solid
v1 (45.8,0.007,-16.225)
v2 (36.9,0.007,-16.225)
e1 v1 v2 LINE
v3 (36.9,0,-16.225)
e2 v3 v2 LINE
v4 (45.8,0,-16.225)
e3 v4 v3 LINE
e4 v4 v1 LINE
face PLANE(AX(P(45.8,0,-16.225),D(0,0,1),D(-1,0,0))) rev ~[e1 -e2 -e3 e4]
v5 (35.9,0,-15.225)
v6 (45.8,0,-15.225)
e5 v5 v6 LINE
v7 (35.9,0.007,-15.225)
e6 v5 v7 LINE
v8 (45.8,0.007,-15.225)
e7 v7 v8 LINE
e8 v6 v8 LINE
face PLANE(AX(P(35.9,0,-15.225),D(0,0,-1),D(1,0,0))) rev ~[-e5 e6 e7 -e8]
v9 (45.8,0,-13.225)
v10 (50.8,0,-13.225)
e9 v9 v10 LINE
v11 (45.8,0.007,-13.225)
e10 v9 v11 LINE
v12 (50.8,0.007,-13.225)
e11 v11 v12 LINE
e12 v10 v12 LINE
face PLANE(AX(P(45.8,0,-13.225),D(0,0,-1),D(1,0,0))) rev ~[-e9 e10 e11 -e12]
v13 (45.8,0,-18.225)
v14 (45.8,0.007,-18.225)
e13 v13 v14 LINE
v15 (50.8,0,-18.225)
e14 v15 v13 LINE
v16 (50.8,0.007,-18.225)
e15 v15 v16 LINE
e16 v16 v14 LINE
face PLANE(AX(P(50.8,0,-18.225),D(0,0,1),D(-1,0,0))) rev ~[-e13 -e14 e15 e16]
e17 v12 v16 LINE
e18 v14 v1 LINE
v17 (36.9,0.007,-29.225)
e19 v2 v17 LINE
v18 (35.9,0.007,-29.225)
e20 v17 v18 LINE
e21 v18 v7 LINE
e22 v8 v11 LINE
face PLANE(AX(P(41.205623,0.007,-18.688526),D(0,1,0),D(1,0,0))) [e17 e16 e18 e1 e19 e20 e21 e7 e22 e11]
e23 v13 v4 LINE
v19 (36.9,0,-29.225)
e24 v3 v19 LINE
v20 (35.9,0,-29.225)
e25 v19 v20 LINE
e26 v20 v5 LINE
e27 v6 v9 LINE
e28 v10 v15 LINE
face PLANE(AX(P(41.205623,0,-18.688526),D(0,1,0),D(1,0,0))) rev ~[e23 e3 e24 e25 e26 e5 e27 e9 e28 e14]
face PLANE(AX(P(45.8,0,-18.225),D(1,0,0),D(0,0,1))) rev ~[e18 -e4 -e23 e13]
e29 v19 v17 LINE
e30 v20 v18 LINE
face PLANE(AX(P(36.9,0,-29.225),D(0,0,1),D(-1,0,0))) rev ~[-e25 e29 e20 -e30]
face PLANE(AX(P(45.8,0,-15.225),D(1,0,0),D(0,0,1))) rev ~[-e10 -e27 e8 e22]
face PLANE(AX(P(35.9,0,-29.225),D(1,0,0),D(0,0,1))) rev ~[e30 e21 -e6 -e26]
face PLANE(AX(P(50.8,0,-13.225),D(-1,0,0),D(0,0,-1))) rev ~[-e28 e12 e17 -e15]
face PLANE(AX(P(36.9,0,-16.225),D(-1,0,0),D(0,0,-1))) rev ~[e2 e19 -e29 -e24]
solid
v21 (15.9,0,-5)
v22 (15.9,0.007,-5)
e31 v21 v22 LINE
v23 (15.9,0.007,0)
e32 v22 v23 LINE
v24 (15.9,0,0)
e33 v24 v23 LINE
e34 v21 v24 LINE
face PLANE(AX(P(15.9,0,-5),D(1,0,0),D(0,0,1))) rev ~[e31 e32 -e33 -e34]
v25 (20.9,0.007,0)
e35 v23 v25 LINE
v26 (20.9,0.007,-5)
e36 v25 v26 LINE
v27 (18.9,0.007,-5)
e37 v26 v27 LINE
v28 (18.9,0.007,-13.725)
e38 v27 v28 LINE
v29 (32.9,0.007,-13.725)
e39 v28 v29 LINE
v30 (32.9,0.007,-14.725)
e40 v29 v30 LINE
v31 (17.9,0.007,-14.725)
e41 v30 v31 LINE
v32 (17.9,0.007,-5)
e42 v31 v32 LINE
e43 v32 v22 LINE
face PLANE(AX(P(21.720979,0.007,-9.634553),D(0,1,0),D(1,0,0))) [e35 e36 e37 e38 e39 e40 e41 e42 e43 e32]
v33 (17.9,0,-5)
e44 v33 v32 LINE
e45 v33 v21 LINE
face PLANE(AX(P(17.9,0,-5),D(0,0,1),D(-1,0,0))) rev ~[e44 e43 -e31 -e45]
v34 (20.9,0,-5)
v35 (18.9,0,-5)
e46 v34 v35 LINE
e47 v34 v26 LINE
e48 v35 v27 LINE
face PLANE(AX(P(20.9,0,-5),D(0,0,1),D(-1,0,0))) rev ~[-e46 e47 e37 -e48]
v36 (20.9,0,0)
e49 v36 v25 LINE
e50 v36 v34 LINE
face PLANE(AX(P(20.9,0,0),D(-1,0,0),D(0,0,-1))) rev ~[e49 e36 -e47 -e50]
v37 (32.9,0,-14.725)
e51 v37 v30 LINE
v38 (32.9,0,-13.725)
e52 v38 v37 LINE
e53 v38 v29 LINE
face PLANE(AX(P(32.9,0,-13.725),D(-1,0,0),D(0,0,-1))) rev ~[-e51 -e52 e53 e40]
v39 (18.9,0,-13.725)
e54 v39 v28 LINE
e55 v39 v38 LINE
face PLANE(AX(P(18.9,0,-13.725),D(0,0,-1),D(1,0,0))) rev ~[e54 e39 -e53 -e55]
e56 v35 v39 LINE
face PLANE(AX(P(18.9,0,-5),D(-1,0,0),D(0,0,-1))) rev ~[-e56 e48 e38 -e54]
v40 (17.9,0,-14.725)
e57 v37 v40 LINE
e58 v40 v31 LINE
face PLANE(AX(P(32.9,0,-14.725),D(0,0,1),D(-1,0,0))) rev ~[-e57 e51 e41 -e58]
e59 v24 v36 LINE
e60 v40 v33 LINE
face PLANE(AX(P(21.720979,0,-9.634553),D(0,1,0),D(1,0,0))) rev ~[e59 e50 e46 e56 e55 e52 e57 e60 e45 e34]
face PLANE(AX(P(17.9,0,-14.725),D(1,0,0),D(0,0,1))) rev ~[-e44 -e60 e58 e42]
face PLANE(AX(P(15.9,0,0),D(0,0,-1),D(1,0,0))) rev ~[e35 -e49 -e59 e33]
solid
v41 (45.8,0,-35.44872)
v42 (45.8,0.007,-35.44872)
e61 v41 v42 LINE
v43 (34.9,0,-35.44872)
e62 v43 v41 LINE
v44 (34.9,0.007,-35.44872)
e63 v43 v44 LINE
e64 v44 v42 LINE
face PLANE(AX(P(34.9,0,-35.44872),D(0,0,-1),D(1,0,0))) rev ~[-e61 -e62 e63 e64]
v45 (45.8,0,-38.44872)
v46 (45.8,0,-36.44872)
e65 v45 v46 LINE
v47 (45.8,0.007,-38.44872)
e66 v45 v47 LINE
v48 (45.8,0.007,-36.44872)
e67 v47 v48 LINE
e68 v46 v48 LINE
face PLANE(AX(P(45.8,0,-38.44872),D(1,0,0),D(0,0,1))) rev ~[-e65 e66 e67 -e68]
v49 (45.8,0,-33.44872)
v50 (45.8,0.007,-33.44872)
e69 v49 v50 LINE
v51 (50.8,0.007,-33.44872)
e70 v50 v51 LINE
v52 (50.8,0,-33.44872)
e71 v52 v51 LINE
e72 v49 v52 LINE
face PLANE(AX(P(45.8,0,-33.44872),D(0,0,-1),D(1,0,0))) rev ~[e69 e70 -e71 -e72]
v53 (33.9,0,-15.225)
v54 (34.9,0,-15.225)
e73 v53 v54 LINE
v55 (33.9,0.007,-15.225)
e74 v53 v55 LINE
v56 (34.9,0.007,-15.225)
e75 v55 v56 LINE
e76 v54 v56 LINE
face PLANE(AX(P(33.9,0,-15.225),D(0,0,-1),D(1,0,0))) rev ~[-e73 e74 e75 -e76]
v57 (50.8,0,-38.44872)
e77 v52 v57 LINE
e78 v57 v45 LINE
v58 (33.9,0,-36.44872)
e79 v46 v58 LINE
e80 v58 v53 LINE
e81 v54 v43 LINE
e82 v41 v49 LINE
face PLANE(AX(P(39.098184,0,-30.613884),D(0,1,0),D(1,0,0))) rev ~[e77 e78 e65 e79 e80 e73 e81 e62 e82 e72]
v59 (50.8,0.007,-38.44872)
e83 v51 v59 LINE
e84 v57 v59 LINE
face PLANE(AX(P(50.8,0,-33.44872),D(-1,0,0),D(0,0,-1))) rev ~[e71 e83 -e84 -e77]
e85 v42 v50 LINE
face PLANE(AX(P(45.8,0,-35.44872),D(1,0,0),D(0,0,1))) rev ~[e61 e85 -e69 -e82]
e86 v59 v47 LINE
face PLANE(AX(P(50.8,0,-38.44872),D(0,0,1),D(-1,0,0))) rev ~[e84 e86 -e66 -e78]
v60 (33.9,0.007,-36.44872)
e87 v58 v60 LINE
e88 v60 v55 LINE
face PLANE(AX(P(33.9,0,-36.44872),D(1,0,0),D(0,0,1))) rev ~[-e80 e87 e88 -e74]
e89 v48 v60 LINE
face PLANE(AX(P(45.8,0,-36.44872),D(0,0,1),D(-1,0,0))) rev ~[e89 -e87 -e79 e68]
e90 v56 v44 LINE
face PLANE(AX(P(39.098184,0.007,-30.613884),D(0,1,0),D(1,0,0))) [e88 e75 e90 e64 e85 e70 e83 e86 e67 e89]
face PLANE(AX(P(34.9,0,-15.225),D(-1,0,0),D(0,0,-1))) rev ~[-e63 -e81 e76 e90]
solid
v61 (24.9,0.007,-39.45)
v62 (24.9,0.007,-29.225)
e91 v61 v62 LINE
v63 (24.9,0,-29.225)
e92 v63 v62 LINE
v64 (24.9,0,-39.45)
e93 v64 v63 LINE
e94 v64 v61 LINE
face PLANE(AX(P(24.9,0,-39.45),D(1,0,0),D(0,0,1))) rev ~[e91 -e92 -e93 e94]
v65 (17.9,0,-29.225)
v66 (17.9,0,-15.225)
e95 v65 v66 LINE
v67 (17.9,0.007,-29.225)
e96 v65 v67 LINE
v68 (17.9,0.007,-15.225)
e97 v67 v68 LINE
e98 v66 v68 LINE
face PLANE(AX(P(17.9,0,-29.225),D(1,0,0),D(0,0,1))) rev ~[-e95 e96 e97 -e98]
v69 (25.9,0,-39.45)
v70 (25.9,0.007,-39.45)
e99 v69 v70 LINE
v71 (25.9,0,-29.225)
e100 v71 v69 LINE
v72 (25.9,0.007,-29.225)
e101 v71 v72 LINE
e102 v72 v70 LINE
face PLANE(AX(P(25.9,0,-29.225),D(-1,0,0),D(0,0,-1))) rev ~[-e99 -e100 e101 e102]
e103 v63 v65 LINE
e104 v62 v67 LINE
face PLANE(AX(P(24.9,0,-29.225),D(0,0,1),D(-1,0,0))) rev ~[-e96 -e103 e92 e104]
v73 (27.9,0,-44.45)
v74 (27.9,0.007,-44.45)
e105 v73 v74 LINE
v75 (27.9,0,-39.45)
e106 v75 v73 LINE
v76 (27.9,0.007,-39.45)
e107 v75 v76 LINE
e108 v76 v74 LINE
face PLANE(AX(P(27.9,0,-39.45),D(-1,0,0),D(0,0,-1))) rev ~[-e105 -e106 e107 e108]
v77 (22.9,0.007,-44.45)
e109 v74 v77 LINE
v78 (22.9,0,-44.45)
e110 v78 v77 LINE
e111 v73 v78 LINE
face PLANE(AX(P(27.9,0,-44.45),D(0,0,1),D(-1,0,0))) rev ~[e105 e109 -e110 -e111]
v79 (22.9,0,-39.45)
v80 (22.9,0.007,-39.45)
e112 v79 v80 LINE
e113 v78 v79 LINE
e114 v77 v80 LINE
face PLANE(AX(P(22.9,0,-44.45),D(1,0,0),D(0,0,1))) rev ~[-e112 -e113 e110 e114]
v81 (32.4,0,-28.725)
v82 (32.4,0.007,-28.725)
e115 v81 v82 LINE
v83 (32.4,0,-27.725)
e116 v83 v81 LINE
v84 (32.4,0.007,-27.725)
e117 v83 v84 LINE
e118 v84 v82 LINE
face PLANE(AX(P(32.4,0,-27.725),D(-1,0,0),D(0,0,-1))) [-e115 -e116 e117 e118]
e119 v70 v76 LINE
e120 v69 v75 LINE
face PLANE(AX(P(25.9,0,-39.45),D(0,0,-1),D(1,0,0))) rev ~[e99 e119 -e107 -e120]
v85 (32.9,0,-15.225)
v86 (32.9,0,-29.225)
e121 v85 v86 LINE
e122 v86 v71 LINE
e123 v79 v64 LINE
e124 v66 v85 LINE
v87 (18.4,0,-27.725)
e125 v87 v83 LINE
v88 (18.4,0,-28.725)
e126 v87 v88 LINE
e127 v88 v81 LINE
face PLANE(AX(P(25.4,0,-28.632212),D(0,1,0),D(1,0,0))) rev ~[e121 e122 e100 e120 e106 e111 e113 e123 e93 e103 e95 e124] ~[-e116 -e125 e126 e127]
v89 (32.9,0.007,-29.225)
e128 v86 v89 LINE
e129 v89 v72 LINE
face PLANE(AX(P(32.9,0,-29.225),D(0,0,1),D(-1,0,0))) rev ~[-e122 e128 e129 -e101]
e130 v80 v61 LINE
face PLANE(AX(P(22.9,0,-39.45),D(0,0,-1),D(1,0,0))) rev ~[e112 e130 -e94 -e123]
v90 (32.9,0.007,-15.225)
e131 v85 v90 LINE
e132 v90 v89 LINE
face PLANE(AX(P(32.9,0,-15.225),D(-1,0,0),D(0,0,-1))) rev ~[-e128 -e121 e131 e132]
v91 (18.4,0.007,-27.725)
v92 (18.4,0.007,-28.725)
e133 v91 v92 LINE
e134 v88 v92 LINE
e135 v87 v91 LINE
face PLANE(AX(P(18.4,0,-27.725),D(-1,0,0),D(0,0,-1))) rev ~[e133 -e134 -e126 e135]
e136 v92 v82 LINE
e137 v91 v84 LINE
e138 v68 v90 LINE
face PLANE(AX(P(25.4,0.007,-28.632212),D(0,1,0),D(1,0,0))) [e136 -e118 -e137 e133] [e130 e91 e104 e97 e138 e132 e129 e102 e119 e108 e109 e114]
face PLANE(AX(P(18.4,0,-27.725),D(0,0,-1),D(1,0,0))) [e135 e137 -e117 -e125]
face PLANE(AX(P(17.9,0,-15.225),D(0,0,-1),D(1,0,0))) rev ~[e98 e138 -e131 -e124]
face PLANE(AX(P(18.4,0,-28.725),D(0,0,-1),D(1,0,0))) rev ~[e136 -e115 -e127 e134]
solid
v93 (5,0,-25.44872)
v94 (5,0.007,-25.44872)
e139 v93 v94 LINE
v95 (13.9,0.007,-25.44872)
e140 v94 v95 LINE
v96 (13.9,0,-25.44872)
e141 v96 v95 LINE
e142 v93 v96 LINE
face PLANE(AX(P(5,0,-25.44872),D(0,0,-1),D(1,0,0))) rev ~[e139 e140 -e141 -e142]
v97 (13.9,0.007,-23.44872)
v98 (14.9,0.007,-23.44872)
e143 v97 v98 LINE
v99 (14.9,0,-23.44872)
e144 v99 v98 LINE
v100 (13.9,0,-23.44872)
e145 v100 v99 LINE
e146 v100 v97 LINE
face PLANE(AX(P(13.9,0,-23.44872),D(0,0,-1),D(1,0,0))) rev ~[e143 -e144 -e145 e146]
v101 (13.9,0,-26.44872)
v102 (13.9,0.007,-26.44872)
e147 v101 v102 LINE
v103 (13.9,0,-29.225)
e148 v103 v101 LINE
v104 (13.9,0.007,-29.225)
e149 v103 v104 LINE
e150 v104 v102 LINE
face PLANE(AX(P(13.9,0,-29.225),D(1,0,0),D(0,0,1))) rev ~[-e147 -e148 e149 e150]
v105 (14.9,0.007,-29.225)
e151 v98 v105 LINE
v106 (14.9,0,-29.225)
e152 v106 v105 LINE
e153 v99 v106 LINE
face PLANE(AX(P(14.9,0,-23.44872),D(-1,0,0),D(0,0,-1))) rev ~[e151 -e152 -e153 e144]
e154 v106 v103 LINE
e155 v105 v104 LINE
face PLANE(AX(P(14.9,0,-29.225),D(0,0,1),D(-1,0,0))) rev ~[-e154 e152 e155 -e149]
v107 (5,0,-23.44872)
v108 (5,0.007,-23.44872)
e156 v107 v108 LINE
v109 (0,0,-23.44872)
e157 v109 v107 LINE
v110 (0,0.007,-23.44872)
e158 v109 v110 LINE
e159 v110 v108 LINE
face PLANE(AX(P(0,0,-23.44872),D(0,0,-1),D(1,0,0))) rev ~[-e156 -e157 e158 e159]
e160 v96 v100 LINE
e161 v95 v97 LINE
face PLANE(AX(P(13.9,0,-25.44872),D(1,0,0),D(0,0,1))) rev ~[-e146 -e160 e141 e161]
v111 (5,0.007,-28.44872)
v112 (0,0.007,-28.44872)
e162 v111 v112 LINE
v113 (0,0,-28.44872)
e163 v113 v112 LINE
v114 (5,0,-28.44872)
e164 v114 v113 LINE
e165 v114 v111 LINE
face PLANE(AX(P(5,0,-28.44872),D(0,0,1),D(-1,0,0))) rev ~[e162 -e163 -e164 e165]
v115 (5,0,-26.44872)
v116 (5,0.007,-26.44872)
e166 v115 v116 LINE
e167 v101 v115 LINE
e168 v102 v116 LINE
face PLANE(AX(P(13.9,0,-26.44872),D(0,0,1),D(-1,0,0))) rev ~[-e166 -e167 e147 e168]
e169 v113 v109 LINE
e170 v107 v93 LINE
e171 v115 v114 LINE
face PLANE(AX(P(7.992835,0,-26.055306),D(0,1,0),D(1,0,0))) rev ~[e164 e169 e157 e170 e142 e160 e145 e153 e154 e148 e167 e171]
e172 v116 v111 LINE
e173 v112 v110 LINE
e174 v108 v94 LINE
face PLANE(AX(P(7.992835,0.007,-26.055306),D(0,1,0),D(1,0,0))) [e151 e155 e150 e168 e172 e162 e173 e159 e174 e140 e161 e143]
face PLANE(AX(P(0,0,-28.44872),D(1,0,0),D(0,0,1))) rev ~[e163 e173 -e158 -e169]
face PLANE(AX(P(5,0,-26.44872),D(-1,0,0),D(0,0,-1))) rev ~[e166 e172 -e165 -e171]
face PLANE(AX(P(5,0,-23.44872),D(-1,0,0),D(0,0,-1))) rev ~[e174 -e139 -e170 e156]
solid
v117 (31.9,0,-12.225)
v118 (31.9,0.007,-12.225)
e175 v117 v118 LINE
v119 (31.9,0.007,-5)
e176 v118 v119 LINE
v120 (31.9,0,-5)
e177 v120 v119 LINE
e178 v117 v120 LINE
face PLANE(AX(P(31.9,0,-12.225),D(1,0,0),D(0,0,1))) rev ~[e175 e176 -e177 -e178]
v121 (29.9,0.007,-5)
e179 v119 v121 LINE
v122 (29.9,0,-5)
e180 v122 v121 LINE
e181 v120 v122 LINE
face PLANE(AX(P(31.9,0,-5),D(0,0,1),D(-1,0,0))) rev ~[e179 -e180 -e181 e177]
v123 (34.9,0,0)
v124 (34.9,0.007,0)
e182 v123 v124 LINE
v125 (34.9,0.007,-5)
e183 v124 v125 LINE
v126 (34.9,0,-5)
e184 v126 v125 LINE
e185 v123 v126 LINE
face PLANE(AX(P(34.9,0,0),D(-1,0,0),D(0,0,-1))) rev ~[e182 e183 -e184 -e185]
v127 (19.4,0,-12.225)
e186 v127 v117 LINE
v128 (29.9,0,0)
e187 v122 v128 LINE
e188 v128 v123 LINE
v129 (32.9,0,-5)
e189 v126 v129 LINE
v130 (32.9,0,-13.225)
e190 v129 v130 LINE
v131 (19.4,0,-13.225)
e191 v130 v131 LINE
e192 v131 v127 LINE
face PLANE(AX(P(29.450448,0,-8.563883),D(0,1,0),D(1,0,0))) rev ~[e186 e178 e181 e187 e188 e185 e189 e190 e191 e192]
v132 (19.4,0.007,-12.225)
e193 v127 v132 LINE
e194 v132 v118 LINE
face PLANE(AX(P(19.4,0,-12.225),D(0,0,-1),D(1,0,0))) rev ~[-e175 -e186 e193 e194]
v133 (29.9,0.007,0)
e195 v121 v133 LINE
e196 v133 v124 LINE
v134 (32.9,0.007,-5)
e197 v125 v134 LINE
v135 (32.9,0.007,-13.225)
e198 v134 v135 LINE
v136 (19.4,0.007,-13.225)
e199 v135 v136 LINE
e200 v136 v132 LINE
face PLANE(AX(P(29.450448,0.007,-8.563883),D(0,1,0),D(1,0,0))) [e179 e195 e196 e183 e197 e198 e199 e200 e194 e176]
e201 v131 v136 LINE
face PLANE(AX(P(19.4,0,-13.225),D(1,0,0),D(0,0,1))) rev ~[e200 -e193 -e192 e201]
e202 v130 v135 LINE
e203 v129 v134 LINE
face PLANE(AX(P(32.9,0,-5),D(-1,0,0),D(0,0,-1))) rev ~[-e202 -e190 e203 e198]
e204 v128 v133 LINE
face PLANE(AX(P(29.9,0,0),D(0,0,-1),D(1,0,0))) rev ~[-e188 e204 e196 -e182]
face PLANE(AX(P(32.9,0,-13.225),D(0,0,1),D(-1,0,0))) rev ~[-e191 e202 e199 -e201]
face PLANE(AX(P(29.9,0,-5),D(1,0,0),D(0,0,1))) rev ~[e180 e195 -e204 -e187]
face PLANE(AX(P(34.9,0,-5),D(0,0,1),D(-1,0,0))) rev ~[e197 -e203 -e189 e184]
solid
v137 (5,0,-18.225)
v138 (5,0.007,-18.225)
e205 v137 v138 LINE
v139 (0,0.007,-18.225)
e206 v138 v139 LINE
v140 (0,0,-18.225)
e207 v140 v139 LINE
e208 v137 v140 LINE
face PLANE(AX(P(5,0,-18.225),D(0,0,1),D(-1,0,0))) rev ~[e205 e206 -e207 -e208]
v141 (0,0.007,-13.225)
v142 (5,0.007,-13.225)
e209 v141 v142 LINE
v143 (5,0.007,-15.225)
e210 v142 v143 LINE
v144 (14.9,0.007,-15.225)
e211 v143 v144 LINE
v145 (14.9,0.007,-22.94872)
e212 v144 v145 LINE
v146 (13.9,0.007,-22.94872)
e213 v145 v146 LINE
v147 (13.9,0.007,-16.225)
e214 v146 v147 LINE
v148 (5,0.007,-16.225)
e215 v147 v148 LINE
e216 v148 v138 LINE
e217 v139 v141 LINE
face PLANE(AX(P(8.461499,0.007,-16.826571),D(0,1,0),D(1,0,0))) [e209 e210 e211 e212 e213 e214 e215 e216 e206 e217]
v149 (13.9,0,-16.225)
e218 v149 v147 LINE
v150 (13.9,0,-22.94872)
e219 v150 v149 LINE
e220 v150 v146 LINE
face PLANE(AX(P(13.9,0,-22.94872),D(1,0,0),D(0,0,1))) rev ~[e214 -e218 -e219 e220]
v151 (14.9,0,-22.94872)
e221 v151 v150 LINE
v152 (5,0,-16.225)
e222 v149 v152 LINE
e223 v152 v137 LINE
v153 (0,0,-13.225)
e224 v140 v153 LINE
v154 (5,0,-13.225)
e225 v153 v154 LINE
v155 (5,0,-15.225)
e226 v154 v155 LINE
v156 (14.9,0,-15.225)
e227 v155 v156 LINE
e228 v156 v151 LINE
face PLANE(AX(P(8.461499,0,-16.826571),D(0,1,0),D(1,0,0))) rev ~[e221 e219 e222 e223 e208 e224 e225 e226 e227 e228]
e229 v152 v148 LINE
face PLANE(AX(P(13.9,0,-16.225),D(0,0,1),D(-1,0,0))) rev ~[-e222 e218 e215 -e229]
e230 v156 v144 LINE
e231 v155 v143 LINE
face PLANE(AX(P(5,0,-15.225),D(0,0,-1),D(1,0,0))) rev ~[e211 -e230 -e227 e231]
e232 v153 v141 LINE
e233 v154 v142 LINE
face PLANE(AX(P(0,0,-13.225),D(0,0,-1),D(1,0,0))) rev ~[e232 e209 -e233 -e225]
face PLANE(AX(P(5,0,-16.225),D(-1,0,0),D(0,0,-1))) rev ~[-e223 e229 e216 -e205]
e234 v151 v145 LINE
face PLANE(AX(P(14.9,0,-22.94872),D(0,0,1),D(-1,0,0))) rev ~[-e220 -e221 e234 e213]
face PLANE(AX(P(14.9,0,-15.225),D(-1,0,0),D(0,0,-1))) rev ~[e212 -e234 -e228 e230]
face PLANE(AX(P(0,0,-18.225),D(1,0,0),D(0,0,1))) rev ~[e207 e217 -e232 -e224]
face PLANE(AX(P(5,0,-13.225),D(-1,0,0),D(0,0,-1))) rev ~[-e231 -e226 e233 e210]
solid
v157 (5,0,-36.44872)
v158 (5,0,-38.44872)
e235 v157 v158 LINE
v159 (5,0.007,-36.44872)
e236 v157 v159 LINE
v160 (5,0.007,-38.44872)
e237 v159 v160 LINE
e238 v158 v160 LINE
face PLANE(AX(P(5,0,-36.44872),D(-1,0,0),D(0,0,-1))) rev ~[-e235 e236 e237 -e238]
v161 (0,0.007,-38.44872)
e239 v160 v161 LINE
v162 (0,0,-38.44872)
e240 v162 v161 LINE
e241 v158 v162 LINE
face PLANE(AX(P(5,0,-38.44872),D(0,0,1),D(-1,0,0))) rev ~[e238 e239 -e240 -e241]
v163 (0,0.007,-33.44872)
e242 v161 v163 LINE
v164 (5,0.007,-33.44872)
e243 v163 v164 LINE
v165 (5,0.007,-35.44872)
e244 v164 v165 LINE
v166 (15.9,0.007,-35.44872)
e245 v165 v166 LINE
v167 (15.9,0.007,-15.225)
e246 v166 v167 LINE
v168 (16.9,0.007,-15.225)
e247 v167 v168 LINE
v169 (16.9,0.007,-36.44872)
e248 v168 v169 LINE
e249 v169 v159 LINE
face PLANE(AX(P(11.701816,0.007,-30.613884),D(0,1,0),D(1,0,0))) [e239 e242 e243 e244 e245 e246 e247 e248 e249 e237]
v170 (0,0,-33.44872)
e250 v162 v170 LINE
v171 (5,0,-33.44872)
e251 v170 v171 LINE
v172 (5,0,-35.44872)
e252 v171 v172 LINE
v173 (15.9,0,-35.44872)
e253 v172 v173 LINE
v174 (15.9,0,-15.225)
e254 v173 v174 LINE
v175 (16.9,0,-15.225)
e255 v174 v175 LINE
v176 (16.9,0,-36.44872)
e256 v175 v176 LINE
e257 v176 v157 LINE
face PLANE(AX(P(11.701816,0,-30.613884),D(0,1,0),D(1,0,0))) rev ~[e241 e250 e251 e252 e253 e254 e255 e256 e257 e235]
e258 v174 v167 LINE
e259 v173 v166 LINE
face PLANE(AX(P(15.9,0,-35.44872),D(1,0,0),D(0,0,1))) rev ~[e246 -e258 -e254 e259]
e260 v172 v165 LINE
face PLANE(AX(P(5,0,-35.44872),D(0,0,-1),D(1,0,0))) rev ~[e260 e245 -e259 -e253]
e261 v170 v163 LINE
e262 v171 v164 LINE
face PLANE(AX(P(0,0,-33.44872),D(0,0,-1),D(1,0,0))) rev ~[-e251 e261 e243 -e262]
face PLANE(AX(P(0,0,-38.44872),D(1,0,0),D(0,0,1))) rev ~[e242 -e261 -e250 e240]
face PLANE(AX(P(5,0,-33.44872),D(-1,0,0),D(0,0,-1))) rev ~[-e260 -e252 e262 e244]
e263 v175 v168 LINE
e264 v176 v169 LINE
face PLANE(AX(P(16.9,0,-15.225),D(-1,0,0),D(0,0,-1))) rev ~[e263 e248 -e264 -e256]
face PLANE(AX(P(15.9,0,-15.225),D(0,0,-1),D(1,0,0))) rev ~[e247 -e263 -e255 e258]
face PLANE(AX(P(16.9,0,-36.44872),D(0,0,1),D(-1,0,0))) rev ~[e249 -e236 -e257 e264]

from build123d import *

# Parameters (mm, degrees)
SKETCH1_W           = 10
SKETCH1_H           = 10
SKETCH1_W_2         = 14
SKETCH1_H_2         = 1
BOSS_EXTRUDE1_DEPTH = 0.007


with BuildPart() as part:
    # Sketch1 → Boss-Extrude1 (new body)
    with BuildSketch(Plane(origin=(0, 0, 0), x_dir=(1, 0, 0), z_dir=(0, 1, 0))):
        Polygon((5, 18.225), (0, 18.225), (0, 13.225), (5, 13.225), (5, 15.225), (14.9, 15.225), (14.9, 22.948719865), (13.9, 22.948719865), (13.9, 16.225), (5, 16.225), align=None)
        Polygon((5, 28.448719865), (0, 28.448719865), (0, 23.448719865), (5, 23.448719865), (5, 25.448719865), (13.9, 25.448719865), (13.9, 23.448719865), (14.9, 23.448719865), (14.9, 29.225), (13.9, 29.225), (13.9, 26.448719865), (5, 26.448719865), align=None)
        Polygon((5, 38.448719865), (0, 38.448719865), (0, 33.448719865), (5, 33.448719865), (5, 35.448719865), (15.9, 35.448719865), (15.9, 15.225), (16.9, 15.225), (16.9, 36.448719865), (5, 36.448719865), align=None)
        Polygon((32.9, 29.225), (25.9, 29.225), (25.9, 39.45), (27.9, 39.45), (27.9, 44.45), (22.9, 44.45), (22.9, 39.45), (24.9, 39.45), (24.9, 29.225), (17.9, 29.225), (17.9, 15.225), (32.9, 15.225), align=None)
        with Locations((25.4, 22.225)):
            Rectangle(SKETCH1_W, SKETCH1_H, mode=Mode.SUBTRACT)
        with Locations((25.4, 28.225)):
            Rectangle(SKETCH1_W_2, SKETCH1_H_2, mode=Mode.SUBTRACT)
        Polygon((50.8, 33.448719865), (50.8, 38.448719865), (45.8, 38.448719865), (45.8, 36.448719865), (33.9, 36.448719865), (33.9, 15.225), (34.9, 15.225), (34.9, 35.448719865), (45.8, 35.448719865), (45.8, 33.448719865), align=None)
        Polygon((50.8, 13.225), (50.8, 18.225), (45.8, 18.225), (45.8, 16.225), (36.9, 16.225), (36.9, 29.225), (35.9, 29.225), (35.9, 15.225), (45.8, 15.225), (45.8, 13.225), align=None)
        Polygon((29.9, 0), (34.9, 0), (34.9, 5), (32.9, 5), (32.9, 13.225), (19.4, 13.225), (19.4, 12.225), (31.9, 12.225), (31.9, 5), (29.9, 5), align=None)
        Polygon((15.9, 0), (20.9, 0), (20.9, 5), (18.9, 5), (18.9, 13.725), (32.9, 13.725), (32.9, 14.725), (17.9, 14.725), (17.9, 5), (15.9, 5), align=None)
        with Locations((25.4, 22.225)):
            Rectangle(SKETCH1_W, SKETCH1_H)
    extrude(amount=BOSS_EXTRUDE1_DEPTH)


solid = part.part
